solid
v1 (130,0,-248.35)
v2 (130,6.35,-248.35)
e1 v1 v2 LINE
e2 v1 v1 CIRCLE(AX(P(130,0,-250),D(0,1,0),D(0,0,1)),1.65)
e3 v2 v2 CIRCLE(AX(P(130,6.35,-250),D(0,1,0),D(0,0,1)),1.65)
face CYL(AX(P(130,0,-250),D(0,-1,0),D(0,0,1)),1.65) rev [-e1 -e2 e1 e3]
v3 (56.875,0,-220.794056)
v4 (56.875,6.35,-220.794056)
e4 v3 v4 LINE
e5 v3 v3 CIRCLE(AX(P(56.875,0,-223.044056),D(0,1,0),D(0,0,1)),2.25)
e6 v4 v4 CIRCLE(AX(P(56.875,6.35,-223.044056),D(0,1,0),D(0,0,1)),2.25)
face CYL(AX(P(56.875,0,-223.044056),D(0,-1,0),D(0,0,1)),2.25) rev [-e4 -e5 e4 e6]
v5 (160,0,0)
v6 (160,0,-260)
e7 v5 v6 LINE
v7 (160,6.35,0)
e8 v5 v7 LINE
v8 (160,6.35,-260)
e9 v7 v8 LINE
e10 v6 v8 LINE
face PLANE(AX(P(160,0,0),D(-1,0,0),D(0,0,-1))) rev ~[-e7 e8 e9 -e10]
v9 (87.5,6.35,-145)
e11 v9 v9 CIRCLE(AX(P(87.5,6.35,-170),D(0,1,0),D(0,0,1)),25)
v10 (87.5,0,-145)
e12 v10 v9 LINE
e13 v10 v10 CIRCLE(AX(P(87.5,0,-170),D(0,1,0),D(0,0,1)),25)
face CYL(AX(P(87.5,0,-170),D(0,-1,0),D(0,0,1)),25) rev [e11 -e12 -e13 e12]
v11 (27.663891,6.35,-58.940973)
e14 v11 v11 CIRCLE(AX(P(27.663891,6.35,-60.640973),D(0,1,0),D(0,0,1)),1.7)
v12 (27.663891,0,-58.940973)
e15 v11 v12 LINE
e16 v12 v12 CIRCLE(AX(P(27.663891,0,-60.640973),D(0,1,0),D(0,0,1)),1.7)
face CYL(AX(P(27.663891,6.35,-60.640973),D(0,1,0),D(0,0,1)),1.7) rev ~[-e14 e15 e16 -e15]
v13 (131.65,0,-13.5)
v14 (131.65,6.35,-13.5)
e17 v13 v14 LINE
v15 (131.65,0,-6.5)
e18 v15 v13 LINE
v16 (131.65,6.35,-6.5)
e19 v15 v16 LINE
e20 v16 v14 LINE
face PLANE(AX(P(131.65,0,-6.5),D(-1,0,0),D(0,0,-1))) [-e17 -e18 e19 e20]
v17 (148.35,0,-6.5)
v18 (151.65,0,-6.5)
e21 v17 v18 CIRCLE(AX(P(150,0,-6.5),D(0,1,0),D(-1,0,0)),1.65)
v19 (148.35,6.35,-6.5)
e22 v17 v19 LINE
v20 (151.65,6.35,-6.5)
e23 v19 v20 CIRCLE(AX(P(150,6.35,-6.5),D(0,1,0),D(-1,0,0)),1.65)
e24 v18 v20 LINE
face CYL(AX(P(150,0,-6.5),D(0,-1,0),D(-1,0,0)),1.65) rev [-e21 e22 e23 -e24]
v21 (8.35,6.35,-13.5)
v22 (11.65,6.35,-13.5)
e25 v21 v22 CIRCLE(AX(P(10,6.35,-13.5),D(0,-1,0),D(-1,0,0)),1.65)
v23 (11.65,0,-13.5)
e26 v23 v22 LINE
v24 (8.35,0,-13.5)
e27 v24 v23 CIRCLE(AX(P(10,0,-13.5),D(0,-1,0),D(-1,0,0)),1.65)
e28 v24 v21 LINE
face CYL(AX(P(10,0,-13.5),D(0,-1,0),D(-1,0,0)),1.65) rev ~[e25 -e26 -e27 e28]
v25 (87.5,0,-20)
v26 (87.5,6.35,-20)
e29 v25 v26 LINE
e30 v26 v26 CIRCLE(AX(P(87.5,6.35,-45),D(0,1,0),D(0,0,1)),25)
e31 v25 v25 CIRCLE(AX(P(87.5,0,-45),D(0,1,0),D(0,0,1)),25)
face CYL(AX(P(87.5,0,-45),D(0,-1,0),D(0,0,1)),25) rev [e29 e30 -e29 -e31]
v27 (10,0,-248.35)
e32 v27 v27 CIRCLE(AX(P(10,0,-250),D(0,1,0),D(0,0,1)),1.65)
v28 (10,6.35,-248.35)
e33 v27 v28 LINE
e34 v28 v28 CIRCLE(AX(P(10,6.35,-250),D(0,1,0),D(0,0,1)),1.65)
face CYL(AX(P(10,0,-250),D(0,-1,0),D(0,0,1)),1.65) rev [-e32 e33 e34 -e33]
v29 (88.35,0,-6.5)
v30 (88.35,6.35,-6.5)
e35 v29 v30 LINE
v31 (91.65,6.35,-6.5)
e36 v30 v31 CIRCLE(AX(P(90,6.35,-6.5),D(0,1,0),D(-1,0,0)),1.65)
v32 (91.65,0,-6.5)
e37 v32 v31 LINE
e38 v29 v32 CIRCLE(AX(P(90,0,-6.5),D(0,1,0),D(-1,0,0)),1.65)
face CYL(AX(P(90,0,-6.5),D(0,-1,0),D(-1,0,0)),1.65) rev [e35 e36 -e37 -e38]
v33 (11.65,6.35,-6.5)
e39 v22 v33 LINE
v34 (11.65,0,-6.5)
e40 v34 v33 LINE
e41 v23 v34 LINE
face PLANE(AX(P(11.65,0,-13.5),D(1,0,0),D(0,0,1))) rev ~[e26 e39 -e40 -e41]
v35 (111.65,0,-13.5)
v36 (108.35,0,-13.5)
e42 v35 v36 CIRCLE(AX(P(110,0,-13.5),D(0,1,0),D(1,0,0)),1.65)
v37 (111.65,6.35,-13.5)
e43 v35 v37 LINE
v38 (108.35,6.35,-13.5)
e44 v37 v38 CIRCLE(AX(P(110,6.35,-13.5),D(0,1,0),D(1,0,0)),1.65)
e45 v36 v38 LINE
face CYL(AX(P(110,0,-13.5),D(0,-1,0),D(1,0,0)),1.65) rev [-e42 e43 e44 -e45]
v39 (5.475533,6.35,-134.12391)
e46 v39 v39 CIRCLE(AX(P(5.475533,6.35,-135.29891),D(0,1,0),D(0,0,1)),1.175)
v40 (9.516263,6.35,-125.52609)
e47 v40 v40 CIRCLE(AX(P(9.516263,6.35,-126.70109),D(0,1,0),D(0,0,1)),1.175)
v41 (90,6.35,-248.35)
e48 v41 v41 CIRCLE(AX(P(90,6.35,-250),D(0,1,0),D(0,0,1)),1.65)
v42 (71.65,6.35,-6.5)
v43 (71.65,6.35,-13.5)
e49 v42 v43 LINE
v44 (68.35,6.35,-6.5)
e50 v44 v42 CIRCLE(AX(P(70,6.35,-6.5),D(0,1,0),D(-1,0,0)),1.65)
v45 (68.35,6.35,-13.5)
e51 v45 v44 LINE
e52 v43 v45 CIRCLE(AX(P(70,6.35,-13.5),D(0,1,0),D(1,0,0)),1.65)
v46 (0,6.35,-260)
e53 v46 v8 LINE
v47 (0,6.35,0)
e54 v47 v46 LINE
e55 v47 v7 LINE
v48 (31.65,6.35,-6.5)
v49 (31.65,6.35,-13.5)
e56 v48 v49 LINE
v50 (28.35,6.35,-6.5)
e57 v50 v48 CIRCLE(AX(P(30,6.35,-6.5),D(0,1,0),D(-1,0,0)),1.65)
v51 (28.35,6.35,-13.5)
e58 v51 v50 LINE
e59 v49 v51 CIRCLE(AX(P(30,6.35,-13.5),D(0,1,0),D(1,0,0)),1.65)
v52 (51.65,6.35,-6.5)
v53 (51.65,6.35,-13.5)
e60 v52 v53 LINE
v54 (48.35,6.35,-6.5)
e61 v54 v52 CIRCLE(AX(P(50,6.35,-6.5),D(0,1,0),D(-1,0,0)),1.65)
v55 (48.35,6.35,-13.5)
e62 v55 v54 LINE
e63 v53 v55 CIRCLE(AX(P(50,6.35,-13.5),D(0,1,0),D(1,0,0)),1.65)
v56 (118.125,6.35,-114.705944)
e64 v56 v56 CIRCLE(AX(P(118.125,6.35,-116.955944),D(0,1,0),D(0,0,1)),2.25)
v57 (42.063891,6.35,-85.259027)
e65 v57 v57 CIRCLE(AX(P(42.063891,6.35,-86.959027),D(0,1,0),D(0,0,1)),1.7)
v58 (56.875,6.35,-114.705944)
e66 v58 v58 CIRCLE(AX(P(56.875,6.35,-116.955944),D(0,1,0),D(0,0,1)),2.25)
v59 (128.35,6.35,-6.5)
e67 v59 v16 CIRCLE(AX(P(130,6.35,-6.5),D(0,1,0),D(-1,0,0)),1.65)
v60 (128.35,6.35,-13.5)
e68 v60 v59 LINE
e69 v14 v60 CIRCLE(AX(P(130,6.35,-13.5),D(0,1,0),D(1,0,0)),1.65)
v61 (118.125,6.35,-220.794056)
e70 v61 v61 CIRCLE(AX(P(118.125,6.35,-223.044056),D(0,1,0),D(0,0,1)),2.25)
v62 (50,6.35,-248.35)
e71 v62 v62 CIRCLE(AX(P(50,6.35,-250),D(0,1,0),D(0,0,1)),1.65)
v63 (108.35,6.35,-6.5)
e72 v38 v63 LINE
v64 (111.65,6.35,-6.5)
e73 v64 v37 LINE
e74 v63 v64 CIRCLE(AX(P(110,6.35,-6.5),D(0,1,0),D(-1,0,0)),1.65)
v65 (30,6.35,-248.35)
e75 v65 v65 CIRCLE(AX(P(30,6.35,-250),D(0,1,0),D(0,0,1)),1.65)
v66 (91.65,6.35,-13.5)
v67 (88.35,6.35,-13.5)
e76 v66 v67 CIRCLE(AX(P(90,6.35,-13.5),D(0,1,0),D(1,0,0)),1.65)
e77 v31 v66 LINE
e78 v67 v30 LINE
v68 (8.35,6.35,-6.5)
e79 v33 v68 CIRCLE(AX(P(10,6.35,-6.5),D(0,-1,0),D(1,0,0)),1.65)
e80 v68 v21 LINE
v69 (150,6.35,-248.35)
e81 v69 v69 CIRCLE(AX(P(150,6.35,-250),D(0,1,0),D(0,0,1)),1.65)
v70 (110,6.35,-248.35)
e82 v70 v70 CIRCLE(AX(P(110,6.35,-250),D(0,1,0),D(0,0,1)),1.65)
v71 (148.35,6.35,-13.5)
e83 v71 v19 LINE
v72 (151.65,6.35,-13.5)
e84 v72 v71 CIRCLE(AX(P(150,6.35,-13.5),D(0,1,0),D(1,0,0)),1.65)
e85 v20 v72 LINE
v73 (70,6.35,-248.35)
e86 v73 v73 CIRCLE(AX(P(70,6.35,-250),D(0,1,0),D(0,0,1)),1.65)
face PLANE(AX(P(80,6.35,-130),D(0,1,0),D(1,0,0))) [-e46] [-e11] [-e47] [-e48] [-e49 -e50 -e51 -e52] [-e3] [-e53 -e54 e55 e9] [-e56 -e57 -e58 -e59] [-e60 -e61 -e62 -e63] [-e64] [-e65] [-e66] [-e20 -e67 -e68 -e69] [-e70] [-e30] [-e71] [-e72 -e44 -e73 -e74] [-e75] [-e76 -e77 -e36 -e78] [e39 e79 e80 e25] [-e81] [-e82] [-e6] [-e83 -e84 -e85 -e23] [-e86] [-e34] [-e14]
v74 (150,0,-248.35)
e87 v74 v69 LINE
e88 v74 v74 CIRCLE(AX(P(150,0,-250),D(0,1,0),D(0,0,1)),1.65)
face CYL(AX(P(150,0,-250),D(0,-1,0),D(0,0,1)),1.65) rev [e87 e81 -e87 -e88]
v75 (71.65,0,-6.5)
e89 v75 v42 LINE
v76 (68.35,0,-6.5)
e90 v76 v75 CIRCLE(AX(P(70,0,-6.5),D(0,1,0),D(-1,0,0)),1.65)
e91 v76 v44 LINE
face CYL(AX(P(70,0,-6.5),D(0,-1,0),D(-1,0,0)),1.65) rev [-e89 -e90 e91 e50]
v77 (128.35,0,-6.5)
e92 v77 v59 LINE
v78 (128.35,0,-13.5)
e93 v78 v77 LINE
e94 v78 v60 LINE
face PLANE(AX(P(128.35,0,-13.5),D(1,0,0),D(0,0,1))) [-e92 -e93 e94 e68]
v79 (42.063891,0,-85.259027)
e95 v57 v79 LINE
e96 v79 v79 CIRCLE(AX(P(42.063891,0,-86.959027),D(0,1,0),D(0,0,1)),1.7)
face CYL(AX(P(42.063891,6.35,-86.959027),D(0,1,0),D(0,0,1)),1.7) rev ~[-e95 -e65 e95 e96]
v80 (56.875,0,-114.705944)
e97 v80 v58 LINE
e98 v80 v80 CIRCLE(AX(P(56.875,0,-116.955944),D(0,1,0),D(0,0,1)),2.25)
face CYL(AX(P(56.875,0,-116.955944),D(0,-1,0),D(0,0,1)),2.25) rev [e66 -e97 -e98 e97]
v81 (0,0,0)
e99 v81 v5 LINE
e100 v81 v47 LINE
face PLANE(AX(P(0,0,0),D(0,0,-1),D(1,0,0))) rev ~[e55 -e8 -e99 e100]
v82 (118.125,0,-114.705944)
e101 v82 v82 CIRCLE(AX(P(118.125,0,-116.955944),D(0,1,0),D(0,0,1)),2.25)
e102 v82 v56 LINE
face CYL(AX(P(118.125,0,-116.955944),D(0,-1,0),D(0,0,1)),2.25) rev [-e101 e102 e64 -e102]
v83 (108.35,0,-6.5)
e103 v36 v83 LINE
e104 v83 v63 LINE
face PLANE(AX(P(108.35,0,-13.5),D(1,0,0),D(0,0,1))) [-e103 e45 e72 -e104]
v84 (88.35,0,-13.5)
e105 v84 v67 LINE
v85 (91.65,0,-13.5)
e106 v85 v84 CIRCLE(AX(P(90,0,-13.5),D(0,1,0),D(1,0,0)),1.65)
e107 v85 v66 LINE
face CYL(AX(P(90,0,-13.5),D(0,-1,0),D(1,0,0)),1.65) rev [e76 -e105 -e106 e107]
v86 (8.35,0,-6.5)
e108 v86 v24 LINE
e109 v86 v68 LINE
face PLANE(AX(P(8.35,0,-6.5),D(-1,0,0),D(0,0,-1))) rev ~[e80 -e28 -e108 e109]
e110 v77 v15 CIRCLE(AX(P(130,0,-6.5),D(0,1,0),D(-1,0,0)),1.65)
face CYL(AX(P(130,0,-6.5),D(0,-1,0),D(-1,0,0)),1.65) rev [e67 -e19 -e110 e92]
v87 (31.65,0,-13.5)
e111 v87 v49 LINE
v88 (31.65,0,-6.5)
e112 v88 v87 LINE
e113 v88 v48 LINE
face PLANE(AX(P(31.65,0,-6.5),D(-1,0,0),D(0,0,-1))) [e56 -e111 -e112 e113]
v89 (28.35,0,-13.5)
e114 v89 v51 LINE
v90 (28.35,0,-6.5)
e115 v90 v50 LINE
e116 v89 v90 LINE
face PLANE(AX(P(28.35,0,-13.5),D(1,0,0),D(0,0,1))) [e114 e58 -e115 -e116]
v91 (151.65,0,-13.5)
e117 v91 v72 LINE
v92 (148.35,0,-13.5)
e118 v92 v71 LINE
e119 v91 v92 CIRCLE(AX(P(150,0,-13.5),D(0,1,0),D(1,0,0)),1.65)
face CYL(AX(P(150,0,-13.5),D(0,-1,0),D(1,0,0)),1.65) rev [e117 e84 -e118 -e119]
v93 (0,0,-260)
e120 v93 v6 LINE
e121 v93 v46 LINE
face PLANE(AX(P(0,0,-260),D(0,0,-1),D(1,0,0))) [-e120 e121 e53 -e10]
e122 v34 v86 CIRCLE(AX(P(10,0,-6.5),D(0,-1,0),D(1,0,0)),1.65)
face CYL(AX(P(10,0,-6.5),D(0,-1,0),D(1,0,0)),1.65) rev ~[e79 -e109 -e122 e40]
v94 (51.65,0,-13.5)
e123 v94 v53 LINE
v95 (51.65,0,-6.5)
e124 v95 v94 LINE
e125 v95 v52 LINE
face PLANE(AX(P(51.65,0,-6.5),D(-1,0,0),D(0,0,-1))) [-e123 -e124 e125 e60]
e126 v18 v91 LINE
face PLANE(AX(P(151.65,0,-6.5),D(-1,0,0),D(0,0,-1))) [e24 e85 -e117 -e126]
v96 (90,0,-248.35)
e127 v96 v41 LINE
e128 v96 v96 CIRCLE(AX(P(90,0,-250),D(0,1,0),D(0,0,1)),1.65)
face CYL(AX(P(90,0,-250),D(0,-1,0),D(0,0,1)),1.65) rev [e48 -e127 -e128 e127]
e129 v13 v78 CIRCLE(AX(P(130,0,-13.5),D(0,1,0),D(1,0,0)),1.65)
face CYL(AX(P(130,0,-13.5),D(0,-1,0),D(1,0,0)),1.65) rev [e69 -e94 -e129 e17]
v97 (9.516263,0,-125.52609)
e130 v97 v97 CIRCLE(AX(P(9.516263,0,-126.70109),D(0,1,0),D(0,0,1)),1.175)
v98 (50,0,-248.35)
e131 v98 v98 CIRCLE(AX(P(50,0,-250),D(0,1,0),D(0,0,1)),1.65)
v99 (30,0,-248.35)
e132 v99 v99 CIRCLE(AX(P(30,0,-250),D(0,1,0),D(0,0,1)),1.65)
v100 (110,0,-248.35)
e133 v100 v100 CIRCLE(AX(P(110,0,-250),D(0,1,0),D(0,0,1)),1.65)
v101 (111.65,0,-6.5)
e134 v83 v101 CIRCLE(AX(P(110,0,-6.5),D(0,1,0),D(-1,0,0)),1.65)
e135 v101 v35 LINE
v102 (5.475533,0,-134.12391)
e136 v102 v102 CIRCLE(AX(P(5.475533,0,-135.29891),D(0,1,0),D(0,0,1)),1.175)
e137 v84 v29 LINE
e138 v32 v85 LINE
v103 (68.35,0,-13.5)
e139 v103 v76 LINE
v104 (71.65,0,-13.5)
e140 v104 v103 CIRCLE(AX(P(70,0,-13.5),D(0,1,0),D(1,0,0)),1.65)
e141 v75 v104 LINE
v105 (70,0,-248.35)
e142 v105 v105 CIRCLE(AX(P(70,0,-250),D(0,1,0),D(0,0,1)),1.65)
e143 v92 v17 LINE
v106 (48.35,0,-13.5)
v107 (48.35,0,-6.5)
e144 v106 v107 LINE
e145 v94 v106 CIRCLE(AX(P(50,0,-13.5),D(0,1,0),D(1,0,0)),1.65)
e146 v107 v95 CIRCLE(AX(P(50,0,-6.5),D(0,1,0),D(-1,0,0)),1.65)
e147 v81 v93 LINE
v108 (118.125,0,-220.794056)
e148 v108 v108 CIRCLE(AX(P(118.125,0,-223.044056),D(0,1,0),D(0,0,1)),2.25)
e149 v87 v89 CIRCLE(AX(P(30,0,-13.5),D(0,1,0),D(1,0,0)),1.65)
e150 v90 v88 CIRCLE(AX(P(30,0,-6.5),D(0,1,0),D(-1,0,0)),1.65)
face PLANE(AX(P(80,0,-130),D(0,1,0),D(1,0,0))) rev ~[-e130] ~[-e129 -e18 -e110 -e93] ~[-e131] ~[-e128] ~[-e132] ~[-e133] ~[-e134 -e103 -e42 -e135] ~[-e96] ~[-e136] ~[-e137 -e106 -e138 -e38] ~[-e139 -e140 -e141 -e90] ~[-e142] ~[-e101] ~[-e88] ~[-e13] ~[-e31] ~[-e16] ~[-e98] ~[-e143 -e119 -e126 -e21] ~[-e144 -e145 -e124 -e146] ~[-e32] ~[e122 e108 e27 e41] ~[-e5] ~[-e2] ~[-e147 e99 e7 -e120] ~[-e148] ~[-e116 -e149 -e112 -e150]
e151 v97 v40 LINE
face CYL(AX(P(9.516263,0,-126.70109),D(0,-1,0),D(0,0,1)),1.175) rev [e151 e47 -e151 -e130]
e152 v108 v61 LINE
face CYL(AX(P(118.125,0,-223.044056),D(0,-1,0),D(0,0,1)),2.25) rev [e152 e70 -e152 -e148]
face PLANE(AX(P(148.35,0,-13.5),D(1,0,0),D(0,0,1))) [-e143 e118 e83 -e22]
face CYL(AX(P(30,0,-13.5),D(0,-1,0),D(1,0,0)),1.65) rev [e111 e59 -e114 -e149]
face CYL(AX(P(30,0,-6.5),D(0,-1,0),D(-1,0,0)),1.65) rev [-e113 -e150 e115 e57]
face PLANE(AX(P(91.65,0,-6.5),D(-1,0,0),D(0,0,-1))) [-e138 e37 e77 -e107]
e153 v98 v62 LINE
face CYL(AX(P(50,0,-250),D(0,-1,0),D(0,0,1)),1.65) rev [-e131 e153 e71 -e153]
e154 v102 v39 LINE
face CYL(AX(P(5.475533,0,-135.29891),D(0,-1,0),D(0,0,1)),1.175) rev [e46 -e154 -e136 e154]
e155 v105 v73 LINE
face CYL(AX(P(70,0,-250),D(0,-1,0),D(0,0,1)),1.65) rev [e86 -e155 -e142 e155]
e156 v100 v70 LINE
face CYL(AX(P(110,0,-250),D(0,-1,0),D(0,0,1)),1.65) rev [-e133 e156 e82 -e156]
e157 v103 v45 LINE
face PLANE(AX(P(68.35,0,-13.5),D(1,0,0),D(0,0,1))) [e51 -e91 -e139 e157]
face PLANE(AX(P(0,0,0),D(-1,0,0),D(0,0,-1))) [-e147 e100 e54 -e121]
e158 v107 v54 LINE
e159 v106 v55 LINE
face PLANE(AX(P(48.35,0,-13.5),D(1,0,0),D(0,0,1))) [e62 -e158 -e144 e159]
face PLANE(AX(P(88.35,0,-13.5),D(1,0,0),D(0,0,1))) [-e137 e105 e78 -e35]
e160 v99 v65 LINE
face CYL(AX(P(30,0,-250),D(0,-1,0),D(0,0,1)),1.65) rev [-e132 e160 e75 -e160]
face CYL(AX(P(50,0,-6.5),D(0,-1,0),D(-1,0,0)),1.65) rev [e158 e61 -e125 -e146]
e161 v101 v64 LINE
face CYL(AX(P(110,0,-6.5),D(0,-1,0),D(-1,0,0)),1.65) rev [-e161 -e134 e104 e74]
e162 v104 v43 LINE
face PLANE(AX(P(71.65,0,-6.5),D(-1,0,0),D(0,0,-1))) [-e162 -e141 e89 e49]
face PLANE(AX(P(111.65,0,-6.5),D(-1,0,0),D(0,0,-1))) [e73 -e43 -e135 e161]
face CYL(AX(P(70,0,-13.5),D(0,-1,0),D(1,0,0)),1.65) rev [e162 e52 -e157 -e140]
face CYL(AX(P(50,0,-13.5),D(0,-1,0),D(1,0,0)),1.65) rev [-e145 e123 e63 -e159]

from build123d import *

# Parameters (mm, degrees)
SKETCH1_W           = 160
SKETCH1_H           = 260
SKETCH1_R           = 1.175
SKETCH1_R_2         = 2.25
SKETCH1_R_3         = 25
SKETCH1_R_4         = 1.65
BOSS_EXTRUDE1_DEPTH = 6.35
SKETCH2_R           = 1.7
CUT_EXTRUDE1_DEPTH  = 306.352783678


with BuildPart() as part:
    # Sketch1 → Boss-Extrude1 (new body)
    with BuildSketch(Plane(origin=(0, 0, 0), x_dir=(1, 0, 0), z_dir=(0, 1, 0))):
        with Locations((80, 130)):
            Rectangle(SKETCH1_W, SKETCH1_H)
        with BuildLine():
            ThreePointArc((11.65, 6.5), (10, 4.85), (8.35, 6.5))
            Line((8.35, 6.5), (8.35, 13.5))
            ThreePointArc((8.35, 13.5), (10, 15.15), (11.65, 13.5))
            Line((11.65, 13.5), (11.65, 6.5))
        make_face(mode=Mode.SUBTRACT)
        with BuildLine():
            Line((31.65, 13.5), (31.65, 6.5))
            ThreePointArc((31.65, 6.5), (30, 4.85), (28.35, 6.5))
            Line((28.35, 6.5), (28.35, 13.5))
            ThreePointArc((28.35, 13.5), (30, 15.15), (31.65, 13.5))
        make_face(mode=Mode.SUBTRACT)
        with BuildLine():
            Line((51.65, 13.5), (51.65, 6.5))
            ThreePointArc((51.65, 6.5), (50, 4.85), (48.35, 6.5))
            Line((48.35, 6.5), (48.35, 13.5))
            ThreePointArc((48.35, 13.5), (50, 15.15), (51.65, 13.5))
        make_face(mode=Mode.SUBTRACT)
        with BuildLine():
            Line((71.65, 13.5), (71.65, 6.5))
            ThreePointArc((71.65, 6.5), (70, 4.85), (68.35, 6.5))
            Line((68.35, 6.5), (68.35, 13.5))
            ThreePointArc((68.35, 13.5), (70, 15.15), (71.65, 13.5))
        make_face(mode=Mode.SUBTRACT)
        with Locations((9.516263037, 126.701090269)):
            Circle(SKETCH1_R, mode=Mode.SUBTRACT)
        with Locations((56.875, 116.955944018)):
            Circle(SKETCH1_R_2, mode=Mode.SUBTRACT)
        with BuildLine():
            Line((91.65, 13.5), (91.65, 6.5))
            ThreePointArc((91.65, 6.5), (90, 4.85), (88.35, 6.5))
            Line((88.35, 6.5), (88.35, 13.5))
            ThreePointArc((88.35, 13.5), (90, 15.15), (91.65, 13.5))
        make_face(mode=Mode.SUBTRACT)
        with BuildLine():
            Line((111.65, 13.5), (111.65, 6.5))
            ThreePointArc((111.65, 6.5), (110, 4.85), (108.35, 6.5))
            Line((108.35, 6.5), (108.35, 13.5))
            ThreePointArc((108.35, 13.5), (110, 15.15), (111.65, 13.5))
        make_face(mode=Mode.SUBTRACT)
        with Locations((87.5, 45)):
            Circle(SKETCH1_R_3, mode=Mode.SUBTRACT)
        with BuildLine():
            Line((131.65, 13.5), (131.65, 6.5))
            ThreePointArc((131.65, 6.5), (130, 4.85), (128.35, 6.5))
            Line((128.35, 6.5), (128.35, 13.5))
            ThreePointArc((128.35, 13.5), (130, 15.15), (131.65, 13.5))
        make_face(mode=Mode.SUBTRACT)
        with BuildLine():
            Line((151.65, 13.5), (151.65, 6.5))
            ThreePointArc((151.65, 6.5), (150, 4.85), (148.35, 6.5))
            Line((148.35, 6.5), (148.35, 13.5))
            ThreePointArc((148.35, 13.5), (150, 15.15), (151.65, 13.5))
        make_face(mode=Mode.SUBTRACT)
        with Locations((118.125, 116.955944018)):
            Circle(SKETCH1_R_2, mode=Mode.SUBTRACT)
        with Locations((5.475532842, 135.298909731)):
            Circle(SKETCH1_R, mode=Mode.SUBTRACT)
        with Locations((10, 250)):
            Circle(SKETCH1_R_4, mode=Mode.SUBTRACT)
        with Locations((30, 250)):
            Circle(SKETCH1_R_4, mode=Mode.SUBTRACT)
        with Locations((56.875, 223.044055982)):
            Circle(SKETCH1_R_2, mode=Mode.SUBTRACT)
        with Locations((50, 250)):
            Circle(SKETCH1_R_4, mode=Mode.SUBTRACT)
        with Locations((70, 250)):
            Circle(SKETCH1_R_4, mode=Mode.SUBTRACT)
        with Locations((87.5, 170)):
            Circle(SKETCH1_R_3, mode=Mode.SUBTRACT)
        with Locations((118.125, 223.044055982)):
            Circle(SKETCH1_R_2, mode=Mode.SUBTRACT)
        with Locations((90, 250)):
            Circle(SKETCH1_R_4, mode=Mode.SUBTRACT)
        with Locations((110, 250)):
            Circle(SKETCH1_R_4, mode=Mode.SUBTRACT)
        with Locations((130, 250)):
            Circle(SKETCH1_R_4, mode=Mode.SUBTRACT)
        with Locations((150, 250)):
            Circle(SKETCH1_R_4, mode=Mode.SUBTRACT)
    extrude(amount=BOSS_EXTRUDE1_DEPTH)

    # Sketch2 → Cut-Extrude1 (cut, through all)
    with BuildSketch(Plane(origin=(0, 6.35, 0), x_dir=(1, 0, 0), z_dir=(0, 1, 0))):
        with Locations((27.663890721, 60.64097268)):
            Circle(SKETCH2_R)
        with Locations((42.063890721, 86.95902732)):
            Circle(SKETCH2_R)
    extrude(amount=-CUT_EXTRUDE1_DEPTH, mode=Mode.SUBTRACT)


solid = part.part
